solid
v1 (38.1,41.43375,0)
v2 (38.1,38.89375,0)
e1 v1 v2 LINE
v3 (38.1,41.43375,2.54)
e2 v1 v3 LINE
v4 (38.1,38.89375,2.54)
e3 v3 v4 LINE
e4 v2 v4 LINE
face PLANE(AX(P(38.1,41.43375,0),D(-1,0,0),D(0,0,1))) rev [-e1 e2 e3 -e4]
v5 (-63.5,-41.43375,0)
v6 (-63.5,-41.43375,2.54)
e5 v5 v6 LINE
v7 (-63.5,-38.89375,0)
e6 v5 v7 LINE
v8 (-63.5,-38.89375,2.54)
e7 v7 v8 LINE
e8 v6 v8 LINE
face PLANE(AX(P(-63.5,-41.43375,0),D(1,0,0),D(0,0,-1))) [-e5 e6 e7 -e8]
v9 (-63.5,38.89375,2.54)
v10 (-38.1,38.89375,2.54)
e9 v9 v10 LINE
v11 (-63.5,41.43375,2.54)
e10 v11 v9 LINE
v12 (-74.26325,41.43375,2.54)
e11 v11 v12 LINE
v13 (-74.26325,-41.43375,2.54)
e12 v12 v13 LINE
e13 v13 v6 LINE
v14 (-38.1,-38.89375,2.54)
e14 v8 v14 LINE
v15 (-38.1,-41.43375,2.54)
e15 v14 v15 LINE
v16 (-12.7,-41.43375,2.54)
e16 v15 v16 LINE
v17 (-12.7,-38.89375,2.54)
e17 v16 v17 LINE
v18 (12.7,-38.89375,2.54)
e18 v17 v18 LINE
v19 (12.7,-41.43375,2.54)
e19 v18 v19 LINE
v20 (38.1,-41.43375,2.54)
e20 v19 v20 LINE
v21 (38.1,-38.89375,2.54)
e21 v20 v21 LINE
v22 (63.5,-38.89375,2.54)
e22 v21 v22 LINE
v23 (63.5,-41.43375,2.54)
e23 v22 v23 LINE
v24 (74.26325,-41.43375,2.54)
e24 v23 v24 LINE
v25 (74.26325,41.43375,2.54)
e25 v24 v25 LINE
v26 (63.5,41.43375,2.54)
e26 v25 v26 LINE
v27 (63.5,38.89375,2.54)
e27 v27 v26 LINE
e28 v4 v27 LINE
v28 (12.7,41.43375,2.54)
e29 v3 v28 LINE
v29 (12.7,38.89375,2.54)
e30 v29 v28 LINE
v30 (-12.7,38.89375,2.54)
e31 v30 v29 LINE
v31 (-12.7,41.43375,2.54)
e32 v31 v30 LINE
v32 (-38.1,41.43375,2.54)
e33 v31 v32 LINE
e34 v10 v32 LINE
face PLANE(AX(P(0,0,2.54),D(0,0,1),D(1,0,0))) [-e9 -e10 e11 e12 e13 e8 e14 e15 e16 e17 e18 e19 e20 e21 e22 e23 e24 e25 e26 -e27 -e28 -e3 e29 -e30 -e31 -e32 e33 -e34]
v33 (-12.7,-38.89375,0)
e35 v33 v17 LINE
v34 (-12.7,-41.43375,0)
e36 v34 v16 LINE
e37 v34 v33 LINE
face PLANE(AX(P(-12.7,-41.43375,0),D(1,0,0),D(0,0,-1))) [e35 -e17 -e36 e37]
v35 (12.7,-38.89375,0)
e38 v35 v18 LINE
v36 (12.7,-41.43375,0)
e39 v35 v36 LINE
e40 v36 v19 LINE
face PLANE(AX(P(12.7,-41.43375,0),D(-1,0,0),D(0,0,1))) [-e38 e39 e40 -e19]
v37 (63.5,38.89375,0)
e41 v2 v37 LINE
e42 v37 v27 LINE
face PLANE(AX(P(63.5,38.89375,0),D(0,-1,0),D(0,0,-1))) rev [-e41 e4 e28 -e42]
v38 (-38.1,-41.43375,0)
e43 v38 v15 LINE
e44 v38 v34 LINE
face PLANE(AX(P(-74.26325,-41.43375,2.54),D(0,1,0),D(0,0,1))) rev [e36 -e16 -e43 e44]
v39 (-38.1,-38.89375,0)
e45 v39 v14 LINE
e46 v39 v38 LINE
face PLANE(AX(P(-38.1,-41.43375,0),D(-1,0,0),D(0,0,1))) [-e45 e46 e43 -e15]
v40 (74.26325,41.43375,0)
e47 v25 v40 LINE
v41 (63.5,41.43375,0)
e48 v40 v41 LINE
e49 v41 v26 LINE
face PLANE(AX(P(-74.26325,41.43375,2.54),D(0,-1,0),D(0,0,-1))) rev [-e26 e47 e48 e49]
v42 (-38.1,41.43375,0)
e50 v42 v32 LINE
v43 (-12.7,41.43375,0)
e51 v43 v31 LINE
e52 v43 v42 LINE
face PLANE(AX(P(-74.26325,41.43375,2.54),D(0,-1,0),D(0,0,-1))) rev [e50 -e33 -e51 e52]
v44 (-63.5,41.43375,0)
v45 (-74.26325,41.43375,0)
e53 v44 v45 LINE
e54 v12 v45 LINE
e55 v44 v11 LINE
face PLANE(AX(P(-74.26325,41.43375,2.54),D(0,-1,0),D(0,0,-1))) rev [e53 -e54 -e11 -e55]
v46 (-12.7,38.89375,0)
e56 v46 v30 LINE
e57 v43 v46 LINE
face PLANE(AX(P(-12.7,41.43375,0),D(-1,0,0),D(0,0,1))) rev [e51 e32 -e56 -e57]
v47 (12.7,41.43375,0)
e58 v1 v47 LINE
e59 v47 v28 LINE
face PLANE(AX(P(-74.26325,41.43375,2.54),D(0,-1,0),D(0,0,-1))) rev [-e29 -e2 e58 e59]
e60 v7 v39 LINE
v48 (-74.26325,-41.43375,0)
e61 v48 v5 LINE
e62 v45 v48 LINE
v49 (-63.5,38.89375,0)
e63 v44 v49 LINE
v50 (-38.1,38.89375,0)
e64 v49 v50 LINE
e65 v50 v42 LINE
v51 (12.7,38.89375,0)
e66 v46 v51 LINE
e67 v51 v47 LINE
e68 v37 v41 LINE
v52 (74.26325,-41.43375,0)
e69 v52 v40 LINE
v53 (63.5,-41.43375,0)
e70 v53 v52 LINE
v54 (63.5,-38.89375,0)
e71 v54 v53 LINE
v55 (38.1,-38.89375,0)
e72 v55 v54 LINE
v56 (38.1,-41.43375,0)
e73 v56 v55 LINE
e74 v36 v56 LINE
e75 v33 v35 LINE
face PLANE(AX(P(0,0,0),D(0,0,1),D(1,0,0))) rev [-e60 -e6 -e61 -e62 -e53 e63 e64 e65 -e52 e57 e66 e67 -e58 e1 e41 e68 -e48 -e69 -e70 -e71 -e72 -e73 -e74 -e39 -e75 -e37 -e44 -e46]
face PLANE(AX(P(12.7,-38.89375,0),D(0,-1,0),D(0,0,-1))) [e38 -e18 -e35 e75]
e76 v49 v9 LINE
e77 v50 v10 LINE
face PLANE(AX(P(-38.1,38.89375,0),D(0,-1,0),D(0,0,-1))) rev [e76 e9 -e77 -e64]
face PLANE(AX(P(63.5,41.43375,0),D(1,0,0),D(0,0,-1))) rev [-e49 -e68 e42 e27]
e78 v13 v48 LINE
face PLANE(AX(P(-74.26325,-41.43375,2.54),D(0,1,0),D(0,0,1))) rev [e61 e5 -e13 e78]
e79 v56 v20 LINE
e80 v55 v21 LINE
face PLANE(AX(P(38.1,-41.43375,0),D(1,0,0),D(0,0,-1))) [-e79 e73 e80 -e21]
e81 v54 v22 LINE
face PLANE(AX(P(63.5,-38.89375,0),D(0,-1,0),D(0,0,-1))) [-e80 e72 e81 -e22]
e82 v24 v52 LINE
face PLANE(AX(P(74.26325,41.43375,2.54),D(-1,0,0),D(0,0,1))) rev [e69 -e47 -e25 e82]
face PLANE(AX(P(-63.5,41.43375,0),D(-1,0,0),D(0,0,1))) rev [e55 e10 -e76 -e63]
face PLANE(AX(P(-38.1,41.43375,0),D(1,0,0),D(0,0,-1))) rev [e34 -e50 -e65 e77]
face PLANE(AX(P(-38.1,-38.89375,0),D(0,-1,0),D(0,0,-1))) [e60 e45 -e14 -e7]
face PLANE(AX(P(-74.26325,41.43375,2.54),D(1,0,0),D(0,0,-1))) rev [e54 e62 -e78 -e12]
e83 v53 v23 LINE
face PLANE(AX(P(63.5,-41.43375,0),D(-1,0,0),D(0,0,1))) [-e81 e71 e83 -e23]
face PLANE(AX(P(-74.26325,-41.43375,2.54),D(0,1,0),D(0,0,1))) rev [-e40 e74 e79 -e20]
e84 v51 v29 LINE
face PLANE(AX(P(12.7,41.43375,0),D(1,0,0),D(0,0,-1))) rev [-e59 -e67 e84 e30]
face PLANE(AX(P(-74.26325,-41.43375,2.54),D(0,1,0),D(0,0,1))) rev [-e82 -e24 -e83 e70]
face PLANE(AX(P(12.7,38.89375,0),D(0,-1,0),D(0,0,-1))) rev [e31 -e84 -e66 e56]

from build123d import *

# Parameters (mm, degrees)
SKETCH1_W               = 148.5265
SKETCH1_H               = 82.8675
BOSS_EXTRUDE1_DEPTH     = 2.54
SKETCH2_W               = 25.4
SKETCH2_H               = 2.54
CUT_EXTRUDE1_DEPTH      = 86.077832246
LPATTERN1_COUNT         = 3
LPATTERN1_PITCH         = 50.8
MIRROR1_COPY_1_SKETCH_W = 25.4
MIRROR1_COPY_1_SKETCH_H = 2.54
MIRROR1_COPY_1_DEPTH    = 86.077832246
MIRROR1_COPY_2_SKETCH_W = 25.4
MIRROR1_COPY_2_SKETCH_H = 2.54
MIRROR1_COPY_2_DEPTH    = 86.077832246


with BuildPart() as part:
    # Sketch1 → Boss-Extrude1 (new body)
    with BuildSketch(Plane.XY):
        Rectangle(SKETCH1_W, SKETCH1_H)
    extrude(amount=BOSS_EXTRUDE1_DEPTH)

    # Sketch2 → Cut-Extrude1 (cut, through all)
    with BuildSketch(Plane.XY.offset(2.54)):
        with Locations((50.8, 40.16375)):
            Rectangle(SKETCH2_W, SKETCH2_H)
    cut_extrude1 = extrude(amount=-CUT_EXTRUDE1_DEPTH, mode=Mode.SUBTRACT)

    # LPattern1: Cut-Extrude1 ×3
    with Locations(*[(-i * LPATTERN1_PITCH, 0, 0) for i in range(1, LPATTERN1_COUNT)]):
        add(cut_extrude1, mode=Mode.SUBTRACT)

    # Mirror1: Cut-Extrude1 across plane
    add(cut_extrude1.mirror(Plane.ZX), mode=Mode.SUBTRACT)

    # Mirror1 copy 1 sketch → Mirror1 copy 1 (cut, through all)
    with BuildSketch(Plane(origin=(-50.8, 0, 2.54), x_dir=(1, 0, 0), z_dir=(0, 0, 1))):
        with Locations((50.8, -40.16375)):
            Rectangle(MIRROR1_COPY_1_SKETCH_W, MIRROR1_COPY_1_SKETCH_H)
    extrude(amount=-MIRROR1_COPY_1_DEPTH, mode=Mode.SUBTRACT)

    # Mirror1 copy 2 sketch → Mirror1 copy 2 (cut, through all)
    with BuildSketch(Plane(origin=(-101.6, 0, 2.54), x_dir=(1, 0, 0), z_dir=(0, 0, 1))):
        with Locations((50.8, -40.16375)):
            Rectangle(MIRROR1_COPY_2_SKETCH_W, MIRROR1_COPY_2_SKETCH_H)
    extrude(amount=-MIRROR1_COPY_2_DEPTH, mode=Mode.SUBTRACT)


solid = part.part
